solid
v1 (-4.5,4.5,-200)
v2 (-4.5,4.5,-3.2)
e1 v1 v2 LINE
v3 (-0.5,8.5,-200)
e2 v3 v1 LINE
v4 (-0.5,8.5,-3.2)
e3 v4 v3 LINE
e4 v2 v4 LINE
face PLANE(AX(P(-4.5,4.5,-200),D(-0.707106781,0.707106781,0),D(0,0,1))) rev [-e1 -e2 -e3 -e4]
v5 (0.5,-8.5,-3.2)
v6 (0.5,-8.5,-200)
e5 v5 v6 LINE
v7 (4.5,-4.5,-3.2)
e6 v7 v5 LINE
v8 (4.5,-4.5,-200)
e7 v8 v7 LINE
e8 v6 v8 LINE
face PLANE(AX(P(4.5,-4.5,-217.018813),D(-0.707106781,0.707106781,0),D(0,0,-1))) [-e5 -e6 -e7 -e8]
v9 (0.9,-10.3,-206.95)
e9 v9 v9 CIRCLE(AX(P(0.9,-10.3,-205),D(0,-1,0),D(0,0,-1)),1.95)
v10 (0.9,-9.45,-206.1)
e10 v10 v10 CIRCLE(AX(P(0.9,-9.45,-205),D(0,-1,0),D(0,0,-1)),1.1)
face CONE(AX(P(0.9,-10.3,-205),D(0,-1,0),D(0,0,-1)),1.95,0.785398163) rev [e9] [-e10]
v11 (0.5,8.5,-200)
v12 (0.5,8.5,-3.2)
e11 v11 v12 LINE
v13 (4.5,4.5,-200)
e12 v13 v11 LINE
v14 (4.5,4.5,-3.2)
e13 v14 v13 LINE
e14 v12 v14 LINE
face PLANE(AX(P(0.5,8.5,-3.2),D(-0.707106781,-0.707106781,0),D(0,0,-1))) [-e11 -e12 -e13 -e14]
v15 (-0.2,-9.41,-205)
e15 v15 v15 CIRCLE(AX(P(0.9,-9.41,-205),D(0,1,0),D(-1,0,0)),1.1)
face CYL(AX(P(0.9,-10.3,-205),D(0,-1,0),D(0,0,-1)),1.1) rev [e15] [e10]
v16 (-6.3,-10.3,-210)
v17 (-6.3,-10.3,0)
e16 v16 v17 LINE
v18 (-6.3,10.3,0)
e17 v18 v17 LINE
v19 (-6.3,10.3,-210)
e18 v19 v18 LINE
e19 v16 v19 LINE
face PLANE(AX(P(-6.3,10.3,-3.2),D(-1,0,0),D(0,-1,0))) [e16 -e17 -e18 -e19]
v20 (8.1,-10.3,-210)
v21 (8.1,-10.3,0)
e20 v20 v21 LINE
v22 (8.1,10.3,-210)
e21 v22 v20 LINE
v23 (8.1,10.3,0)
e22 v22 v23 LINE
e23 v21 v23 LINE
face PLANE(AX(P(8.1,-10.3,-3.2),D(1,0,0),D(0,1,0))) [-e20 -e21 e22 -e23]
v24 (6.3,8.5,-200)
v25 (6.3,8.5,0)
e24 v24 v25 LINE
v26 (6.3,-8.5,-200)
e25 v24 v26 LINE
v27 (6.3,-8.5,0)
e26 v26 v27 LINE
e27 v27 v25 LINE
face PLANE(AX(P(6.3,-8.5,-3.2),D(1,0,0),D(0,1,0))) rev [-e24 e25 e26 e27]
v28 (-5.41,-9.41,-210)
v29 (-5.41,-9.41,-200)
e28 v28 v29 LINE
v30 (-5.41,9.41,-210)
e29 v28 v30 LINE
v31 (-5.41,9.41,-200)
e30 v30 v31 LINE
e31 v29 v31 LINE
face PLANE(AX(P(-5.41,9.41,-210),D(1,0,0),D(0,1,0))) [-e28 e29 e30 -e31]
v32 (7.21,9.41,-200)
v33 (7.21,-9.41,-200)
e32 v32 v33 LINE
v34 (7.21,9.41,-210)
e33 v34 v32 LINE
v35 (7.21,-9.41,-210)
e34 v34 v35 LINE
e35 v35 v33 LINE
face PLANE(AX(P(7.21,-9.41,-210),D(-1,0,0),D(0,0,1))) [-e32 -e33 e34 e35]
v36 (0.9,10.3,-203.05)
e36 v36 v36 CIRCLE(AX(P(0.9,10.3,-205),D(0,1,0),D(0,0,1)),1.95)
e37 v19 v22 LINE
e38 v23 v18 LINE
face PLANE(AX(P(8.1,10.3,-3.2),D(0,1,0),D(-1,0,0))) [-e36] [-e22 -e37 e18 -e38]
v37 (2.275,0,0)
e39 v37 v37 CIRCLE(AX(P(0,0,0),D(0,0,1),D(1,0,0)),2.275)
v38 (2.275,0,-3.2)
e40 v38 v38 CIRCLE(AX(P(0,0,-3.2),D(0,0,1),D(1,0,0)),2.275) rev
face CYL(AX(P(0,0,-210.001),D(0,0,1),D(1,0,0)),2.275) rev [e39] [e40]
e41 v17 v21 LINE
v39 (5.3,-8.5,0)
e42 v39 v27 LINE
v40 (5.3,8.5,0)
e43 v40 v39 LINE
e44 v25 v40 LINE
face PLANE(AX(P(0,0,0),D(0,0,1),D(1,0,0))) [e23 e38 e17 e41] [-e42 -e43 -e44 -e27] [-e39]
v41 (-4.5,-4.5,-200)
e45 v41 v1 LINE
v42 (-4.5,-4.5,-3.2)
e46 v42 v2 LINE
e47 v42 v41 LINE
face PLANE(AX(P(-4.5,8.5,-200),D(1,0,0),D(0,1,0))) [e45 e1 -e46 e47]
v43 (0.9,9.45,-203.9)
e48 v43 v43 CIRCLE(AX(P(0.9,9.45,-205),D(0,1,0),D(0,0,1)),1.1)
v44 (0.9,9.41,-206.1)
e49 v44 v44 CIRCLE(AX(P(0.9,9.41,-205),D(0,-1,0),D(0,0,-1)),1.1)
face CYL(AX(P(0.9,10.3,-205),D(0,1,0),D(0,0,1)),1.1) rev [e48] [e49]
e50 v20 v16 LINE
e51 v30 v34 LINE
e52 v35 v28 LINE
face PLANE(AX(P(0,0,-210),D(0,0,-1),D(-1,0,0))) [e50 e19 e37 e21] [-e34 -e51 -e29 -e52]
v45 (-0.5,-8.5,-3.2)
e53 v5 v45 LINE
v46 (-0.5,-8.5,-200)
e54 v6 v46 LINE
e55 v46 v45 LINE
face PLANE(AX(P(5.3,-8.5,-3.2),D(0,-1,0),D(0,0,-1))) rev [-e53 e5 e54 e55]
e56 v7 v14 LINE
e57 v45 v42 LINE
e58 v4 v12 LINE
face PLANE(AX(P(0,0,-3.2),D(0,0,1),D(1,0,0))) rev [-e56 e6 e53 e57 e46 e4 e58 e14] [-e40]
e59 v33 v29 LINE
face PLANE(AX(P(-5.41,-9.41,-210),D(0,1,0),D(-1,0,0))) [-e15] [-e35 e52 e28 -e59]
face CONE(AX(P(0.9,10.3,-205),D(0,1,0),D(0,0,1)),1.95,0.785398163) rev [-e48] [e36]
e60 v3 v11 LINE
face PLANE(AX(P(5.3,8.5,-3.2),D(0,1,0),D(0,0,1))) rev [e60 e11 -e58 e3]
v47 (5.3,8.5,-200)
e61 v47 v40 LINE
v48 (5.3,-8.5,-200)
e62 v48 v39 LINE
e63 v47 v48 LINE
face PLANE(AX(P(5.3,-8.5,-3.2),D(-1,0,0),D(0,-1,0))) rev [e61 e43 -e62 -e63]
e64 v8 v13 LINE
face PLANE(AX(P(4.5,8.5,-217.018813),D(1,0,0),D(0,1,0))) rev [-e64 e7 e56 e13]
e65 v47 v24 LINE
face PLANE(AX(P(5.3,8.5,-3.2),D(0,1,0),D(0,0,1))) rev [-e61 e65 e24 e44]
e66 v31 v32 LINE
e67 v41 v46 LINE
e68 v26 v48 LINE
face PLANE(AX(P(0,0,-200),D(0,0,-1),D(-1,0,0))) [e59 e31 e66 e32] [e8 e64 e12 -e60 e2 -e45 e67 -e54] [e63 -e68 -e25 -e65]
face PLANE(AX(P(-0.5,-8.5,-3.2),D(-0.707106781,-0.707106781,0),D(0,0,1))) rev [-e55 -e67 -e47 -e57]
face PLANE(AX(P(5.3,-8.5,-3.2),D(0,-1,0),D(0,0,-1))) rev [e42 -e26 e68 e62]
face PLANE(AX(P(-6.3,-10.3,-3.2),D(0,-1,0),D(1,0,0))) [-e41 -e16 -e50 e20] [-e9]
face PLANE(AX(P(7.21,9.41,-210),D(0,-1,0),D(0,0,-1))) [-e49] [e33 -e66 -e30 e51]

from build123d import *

# Parameters (mm, degrees)
SKETCH2_W        = 14.4
SKETCH2_H        = 20.6
SKETCH2_W_2      = 1
SKETCH2_H_2      = 17
TOP_DEPTH        = 3.2
SKETCH3_W        = 14.4
SKETCH3_H        = 20.6
SKETCH3_W_2      = 10.8
SKETCH3_H_2      = 17
BODY_DEPTH       = 196.8
SKETCH4_W        = 14.4
SKETCH4_H        = 20.6
SKETCH4_W_2      = 12.62
SKETCH4_H_2      = 18.82
INSERT_DEPTH     = 10
SKETCH5_W        = 0.8
SKETCH5_H        = 17
FLEX_DEPTH       = 196.8
SERVO_GEAR_REACH = 212.408
SKETCH9_R        = 2.275
CHAMFER1_SIZE    = 4


with BuildPart() as part:
    # Sketch2 → Top (new body)
    with BuildSketch(Plane.XY):
        with Locations((0.9, 0)):
            Rectangle(SKETCH2_W, SKETCH2_H)
        with Locations((5.8, 0)):
            Rectangle(SKETCH2_W_2, SKETCH2_H_2, mode=Mode.SUBTRACT)
    extrude(amount=-TOP_DEPTH)

    # Sketch3 → Body (add)
    with BuildSketch(Plane(origin=(0, 0, -3.2), x_dir=(-1, 0, 0), z_dir=(0, 0, -1))):
        with Locations((-0.9, 0)):
            Rectangle(SKETCH3_W, SKETCH3_H)
        with Locations((-0.9, 0)):
            Rectangle(SKETCH3_W_2, SKETCH3_H_2, mode=Mode.SUBTRACT)
    extrude(amount=BODY_DEPTH)

    # Sketch4 → Insert (add)
    with BuildSketch(Plane(origin=(0, 0, -200), x_dir=(-1, 0, 0), z_dir=(0, 0, -1))):
        with Locations((-0.9, 0)):
            Rectangle(SKETCH4_W, SKETCH4_H)
        with Locations((-0.9, 0)):
            Rectangle(SKETCH4_W_2, SKETCH4_H_2, mode=Mode.SUBTRACT)
    extrude(amount=INSERT_DEPTH)

    # Sketch5 → Flex (add)
    with BuildSketch(Plane(origin=(0, 0, -3.2), x_dir=(-1, 0, 0), z_dir=(0, 0, -1))):
        with Locations((-4.9, 0)):
            Rectangle(SKETCH5_W, SKETCH5_H)
    extrude(amount=FLEX_DEPTH)

    # Sketch9 → Servo gear (cut, up to next)
    with BuildSketch(Plane.XY, mode=Mode.PRIVATE) as servo_gear_sk1:
        Circle(SKETCH9_R)
    servo_gear_tool1 = extrude(servo_gear_sk1.sketch, amount=-SERVO_GEAR_REACH, mode=Mode.PRIVATE) & part.part
    add(servo_gear_tool1.solids().sort_by_distance((0, 0, 0))[0], mode=Mode.SUBTRACT)

    # Sketch15 → CSK for M2 Flat Head Machine Screw2 (revolve, cut)
    with BuildSketch(Plane(origin=(0.9, -10.3, -205), x_dir=(0, 0, -1), z_dir=(1, 0, 0))):
        Polygon((0, 0), (0, 0.89), (1.1, 0.89), (1.1, 0.85), (1.95, 0), align=None)
    revolve(axis=Axis((0.9, -16.65, -205), (0, 1, 0)), mode=Mode.SUBTRACT)

    # Sketch18 → CSK for M2 Flat Head Machine Screw3 (revolve, cut)
    with BuildSketch(Plane(origin=(0.9, 10.3, -205), x_dir=(0, 0, 1), z_dir=(1, 0, 0))):
        Polygon((0, 0), (0, 0.89), (1.1, 0.89), (1.1, 0.85), (1.95, 0), align=None)
    revolve(axis=Axis((0.9, 16.65, -205), (0, -1, 0)), mode=Mode.SUBTRACT)

    # Chamfer1
    chamfer1_edges = [part.edges().sort_by_distance(p)[0] for p in [
        (-4.5, -8.5, -101.6),
        (-4.5, 8.5, -101.6),
        (4.5, 8.5, -101.6),
        (4.5, -8.5, -101.6),
    ]]
    chamfer(chamfer1_edges, length=CHAMFER1_SIZE)


solid = part.part
